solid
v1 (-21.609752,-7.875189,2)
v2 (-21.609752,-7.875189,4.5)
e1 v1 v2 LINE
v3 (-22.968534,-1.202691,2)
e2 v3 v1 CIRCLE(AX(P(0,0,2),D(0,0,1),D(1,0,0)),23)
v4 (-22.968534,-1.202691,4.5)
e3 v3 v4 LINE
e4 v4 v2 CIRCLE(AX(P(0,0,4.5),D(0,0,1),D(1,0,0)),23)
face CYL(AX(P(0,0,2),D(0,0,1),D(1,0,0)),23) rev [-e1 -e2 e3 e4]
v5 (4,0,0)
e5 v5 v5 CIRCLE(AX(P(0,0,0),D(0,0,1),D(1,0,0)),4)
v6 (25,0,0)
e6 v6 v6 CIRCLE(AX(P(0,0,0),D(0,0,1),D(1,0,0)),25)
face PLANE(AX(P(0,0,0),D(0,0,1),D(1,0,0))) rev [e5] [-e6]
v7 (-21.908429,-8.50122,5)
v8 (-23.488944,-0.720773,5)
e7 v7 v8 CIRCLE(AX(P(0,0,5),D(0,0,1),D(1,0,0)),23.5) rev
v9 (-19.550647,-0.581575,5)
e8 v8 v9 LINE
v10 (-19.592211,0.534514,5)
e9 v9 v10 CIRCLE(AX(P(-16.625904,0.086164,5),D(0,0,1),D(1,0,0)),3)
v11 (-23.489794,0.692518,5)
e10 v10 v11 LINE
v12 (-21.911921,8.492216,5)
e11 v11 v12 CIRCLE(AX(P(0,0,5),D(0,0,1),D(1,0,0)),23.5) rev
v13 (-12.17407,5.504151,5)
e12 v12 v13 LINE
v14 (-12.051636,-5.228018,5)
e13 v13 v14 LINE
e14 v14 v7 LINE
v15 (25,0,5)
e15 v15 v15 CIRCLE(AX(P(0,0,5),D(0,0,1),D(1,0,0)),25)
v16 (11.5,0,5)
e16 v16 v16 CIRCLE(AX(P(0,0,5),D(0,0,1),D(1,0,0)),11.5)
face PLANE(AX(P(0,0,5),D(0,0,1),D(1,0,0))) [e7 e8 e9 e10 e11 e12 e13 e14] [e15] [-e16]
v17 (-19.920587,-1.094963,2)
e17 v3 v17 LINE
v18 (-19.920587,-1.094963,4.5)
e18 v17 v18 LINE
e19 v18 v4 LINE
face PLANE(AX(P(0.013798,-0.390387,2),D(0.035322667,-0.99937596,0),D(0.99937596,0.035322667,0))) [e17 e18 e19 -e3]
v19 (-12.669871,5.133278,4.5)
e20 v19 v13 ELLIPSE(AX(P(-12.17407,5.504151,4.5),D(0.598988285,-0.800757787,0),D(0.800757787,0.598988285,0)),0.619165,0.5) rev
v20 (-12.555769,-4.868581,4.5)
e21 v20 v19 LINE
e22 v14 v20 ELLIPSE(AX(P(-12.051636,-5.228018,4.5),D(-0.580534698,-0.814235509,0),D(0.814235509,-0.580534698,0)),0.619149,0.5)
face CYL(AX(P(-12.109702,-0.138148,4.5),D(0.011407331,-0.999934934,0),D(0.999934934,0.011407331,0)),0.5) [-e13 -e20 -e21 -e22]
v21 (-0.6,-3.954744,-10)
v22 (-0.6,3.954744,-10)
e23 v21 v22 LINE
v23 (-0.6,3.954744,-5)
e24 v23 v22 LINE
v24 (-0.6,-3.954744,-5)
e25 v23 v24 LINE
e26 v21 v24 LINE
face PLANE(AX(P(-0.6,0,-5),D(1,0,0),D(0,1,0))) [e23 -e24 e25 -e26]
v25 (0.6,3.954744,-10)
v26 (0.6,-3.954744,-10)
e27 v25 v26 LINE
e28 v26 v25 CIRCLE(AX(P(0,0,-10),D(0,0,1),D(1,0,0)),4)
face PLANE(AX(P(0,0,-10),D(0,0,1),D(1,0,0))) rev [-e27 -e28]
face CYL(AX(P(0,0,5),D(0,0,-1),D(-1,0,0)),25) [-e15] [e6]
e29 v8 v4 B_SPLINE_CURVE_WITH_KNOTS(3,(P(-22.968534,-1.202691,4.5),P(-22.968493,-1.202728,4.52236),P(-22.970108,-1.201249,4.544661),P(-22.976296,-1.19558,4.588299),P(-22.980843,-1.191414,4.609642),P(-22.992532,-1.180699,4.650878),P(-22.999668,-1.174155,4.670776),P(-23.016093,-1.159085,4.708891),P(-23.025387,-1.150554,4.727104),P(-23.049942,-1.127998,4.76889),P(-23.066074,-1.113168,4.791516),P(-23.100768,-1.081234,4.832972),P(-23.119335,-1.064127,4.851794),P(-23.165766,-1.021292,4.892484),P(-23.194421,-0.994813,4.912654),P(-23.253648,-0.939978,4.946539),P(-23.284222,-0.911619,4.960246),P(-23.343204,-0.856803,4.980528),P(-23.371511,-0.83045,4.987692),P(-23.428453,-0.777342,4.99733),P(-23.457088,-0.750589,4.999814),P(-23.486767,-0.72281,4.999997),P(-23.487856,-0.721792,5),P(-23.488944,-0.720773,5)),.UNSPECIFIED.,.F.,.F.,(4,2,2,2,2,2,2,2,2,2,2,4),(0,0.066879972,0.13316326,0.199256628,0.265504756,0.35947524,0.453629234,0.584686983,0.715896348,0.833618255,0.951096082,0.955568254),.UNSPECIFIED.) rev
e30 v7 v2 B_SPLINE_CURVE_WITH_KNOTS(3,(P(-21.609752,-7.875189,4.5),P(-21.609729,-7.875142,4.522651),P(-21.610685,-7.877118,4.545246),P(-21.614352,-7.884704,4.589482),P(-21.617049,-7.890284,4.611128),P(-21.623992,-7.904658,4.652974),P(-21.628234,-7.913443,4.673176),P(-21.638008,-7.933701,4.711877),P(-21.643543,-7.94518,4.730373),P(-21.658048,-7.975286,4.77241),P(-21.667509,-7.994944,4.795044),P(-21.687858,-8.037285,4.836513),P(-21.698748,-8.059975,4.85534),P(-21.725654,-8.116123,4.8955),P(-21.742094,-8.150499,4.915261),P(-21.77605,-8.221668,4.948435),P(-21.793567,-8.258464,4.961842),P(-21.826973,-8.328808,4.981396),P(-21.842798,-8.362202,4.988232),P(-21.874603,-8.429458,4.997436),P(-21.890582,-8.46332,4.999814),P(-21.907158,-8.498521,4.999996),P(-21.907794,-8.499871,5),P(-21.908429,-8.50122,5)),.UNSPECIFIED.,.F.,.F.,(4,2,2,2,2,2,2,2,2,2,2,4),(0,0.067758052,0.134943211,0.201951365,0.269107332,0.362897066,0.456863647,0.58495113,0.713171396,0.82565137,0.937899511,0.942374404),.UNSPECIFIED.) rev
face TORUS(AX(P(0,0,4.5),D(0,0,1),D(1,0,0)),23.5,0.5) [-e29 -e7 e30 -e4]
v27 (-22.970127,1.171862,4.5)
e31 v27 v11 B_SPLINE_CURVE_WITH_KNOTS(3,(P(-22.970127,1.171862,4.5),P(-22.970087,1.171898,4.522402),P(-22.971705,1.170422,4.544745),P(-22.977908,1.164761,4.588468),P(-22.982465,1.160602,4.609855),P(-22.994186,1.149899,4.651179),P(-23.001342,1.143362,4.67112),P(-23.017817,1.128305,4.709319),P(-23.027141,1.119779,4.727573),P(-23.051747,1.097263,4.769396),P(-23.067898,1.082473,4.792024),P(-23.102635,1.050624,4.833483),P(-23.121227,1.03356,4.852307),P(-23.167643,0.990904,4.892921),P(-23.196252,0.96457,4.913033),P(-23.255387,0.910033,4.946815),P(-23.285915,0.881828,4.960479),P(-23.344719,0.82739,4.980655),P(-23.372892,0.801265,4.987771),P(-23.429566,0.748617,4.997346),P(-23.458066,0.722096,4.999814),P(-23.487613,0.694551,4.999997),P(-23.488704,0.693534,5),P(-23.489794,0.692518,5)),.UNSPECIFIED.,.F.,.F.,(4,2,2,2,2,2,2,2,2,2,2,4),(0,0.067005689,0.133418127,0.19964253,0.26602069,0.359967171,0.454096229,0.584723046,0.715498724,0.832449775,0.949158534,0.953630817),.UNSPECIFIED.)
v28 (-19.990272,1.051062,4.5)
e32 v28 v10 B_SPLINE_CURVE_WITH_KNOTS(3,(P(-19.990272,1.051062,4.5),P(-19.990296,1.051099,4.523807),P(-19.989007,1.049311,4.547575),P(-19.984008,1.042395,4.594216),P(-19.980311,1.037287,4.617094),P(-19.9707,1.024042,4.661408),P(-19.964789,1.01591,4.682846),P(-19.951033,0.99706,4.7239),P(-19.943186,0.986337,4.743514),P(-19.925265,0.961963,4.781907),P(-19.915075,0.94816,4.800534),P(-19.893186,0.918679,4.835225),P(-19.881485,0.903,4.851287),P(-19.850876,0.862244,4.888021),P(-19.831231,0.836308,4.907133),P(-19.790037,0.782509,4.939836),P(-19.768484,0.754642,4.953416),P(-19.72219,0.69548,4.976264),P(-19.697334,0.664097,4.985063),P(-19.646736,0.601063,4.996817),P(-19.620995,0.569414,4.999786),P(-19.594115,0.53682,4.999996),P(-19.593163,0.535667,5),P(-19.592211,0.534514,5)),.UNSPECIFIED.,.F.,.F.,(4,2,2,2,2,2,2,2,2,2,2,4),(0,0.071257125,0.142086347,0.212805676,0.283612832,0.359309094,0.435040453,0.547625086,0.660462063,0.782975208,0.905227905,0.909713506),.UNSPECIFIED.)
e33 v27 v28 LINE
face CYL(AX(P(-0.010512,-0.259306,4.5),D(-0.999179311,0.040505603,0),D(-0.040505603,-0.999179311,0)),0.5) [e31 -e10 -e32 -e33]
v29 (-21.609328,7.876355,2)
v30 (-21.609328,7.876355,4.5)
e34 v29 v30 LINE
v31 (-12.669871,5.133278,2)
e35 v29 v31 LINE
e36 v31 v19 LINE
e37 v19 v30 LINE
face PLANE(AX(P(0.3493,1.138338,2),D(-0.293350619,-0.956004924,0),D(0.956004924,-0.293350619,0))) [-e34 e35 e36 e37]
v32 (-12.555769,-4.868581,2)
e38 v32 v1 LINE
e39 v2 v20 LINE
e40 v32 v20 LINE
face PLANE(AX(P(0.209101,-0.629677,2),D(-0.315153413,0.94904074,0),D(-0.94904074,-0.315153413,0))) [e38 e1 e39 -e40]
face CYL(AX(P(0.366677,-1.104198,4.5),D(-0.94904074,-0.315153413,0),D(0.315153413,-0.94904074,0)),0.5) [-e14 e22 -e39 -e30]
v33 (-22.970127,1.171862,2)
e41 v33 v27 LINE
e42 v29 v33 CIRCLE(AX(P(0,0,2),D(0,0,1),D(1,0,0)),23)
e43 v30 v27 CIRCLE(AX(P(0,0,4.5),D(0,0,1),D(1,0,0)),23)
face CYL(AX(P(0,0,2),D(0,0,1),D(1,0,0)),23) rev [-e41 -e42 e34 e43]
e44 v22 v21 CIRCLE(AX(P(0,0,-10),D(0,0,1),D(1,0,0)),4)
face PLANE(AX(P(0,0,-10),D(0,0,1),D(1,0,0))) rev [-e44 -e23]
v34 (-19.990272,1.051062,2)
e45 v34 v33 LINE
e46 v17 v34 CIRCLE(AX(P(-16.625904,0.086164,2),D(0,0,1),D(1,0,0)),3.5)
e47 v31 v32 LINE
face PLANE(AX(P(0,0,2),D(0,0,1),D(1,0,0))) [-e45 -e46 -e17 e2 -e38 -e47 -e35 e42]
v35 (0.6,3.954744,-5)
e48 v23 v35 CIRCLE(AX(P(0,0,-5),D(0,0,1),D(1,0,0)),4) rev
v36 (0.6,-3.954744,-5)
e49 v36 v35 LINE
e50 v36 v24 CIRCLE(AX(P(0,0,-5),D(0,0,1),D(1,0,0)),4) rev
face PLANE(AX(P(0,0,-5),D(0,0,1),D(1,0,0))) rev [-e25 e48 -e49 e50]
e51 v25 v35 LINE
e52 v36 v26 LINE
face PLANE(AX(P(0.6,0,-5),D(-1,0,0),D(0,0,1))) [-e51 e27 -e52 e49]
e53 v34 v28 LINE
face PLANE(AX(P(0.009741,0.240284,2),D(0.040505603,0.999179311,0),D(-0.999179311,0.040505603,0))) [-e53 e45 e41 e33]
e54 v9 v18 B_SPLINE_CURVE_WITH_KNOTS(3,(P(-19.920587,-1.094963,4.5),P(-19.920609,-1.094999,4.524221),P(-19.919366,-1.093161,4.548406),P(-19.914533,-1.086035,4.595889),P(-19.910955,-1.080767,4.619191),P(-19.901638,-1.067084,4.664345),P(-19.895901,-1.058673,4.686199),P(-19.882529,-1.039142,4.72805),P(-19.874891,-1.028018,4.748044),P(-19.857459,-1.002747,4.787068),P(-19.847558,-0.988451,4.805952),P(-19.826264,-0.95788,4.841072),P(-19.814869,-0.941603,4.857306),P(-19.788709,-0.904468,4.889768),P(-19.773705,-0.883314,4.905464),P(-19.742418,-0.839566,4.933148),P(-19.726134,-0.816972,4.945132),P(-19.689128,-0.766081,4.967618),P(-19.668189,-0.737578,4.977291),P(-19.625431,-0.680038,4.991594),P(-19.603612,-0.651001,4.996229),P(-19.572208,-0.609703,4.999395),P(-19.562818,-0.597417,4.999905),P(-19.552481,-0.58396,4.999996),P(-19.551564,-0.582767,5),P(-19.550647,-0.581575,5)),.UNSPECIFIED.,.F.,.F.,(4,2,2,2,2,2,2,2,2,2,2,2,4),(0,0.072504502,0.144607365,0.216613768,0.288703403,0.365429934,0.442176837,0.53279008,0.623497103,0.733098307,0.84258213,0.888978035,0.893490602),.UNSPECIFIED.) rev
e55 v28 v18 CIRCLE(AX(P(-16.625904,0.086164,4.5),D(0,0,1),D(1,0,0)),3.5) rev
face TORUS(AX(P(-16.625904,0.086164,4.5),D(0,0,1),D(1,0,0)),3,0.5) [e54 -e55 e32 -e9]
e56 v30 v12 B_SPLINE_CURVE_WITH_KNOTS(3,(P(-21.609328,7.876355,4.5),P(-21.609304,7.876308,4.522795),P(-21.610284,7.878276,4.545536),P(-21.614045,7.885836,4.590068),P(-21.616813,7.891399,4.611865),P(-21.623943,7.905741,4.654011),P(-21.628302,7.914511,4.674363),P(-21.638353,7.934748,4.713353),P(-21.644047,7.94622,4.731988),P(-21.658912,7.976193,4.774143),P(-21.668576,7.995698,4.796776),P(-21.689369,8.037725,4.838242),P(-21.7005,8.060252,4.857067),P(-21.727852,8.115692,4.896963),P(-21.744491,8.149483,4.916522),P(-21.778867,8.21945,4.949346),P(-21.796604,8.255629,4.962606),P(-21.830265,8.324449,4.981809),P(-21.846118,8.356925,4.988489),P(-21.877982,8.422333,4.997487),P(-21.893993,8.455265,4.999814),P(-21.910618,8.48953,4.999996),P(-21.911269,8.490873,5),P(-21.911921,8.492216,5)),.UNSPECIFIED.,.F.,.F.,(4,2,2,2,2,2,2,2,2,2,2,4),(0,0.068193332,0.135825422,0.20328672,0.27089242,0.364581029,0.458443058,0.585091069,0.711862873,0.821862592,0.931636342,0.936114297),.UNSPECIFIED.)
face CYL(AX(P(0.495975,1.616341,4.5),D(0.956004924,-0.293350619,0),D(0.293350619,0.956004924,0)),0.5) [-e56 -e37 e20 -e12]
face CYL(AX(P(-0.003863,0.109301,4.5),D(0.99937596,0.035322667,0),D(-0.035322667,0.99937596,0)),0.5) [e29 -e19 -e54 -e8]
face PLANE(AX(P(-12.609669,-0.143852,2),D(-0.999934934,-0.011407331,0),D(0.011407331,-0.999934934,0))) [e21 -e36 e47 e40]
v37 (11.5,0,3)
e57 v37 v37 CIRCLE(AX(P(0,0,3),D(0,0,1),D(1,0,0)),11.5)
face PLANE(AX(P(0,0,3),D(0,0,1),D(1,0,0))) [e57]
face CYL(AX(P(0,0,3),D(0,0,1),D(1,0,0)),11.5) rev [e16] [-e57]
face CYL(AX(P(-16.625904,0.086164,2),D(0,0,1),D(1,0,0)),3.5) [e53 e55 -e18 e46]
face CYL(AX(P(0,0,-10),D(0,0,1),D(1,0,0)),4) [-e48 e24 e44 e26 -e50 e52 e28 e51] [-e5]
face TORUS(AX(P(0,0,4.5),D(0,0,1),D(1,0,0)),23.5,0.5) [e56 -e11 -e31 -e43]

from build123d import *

# Parameters (mm, degrees)
SKETCH1_R           = 25
BOSS_EXTRUDE1_DEPTH = 5
CUT_EXTRUDE1_START  = 5
CUT_EXTRUDE1_DEPTH  = 3
CUT_EXTRUDE2_START  = 5
SKETCH3_R           = 11.5
CUT_EXTRUDE2_DEPTH  = 2
SKETCH4_R           = 4
BOSS_EXTRUDE2_DEPTH = 10
CUT_EXTRUDE3_START  = -10
SKETCH5_W           = 1.2
SKETCH5_H           = 10
CUT_EXTRUDE3_DEPTH  = 5
FILLET1_R           = 0.5


with BuildPart() as part:
    # Sketch1 → Boss-Extrude1 (new body)
    with BuildSketch(Plane.XY):
        Circle(SKETCH1_R)
    extrude(amount=BOSS_EXTRUDE1_DEPTH)

    # Sketch2 → Cut-Extrude1 (cut)
    with BuildSketch(Plane.XY.offset(CUT_EXTRUDE1_START)):
        with BuildLine():
            Line((-19.920587104, -1.094962553), (-22.96853355, -1.202691377))
            ThreePointArc((-22.96853355, -1.202691377), (-22.537445492, -4.589504406), (-21.609752304, -7.875189228))
            Line((-21.609752304, -7.875189228), (-12.555769306, -4.868581062))
            Line((-12.555769306, -4.868581062), (-12.669871245, 5.133277845))
            Line((-12.669871245, 5.133277845), (-21.609327517, 7.876354758))
            ThreePointArc((-21.609327517, 7.876354758), (-22.540397078, 4.574986289), (-22.970127121, 1.171861786))
            Line((-22.970127121, 1.171861786), (-19.990271583, 1.051061802))
            ThreePointArc((-19.990271583, 1.051061802), (-13.12774726, 0.199754222), (-19.920587104, -1.094962553))
        make_face()
    extrude(amount=-CUT_EXTRUDE1_DEPTH, mode=Mode.SUBTRACT)

    # Sketch3 → Cut-Extrude2 (cut)
    with BuildSketch(Plane.XY.offset(CUT_EXTRUDE2_START)):
        Circle(SKETCH3_R)
    extrude(amount=-CUT_EXTRUDE2_DEPTH, mode=Mode.SUBTRACT)

    # Sketch4 → Boss-Extrude2 (add)
    with BuildSketch(Plane.XY):
        Circle(SKETCH4_R)
    extrude(amount=-BOSS_EXTRUDE2_DEPTH)

    # Sketch5 → Cut-Extrude3 (cut)
    with BuildSketch(Plane.XY.offset(CUT_EXTRUDE3_START)):
        Rectangle(SKETCH5_W, SKETCH5_H)
    extrude(amount=CUT_EXTRUDE3_DEPTH, mode=Mode.SUBTRACT)

    # Fillet1
    fillet1_edges = [part.edges().sort_by_distance(p)[0] for p in [
        (-17.082760805, -6.371885145, 5),
        (-21.444560327, -1.148826965, 5),
        (-13.12774726, 0.199754222, 5),
        (-21.480199352, 1.111461794, 5),
        (-22.540397078, 4.574986289, 5),
        (-22.537445492, -4.589504406, 5),
        (-17.139599381, 6.504816302, 5),
        (-12.612820275, 0.132348391, 5),
    ]]
    fillet(fillet1_edges, radius=FILLET1_R)


solid = part.part
